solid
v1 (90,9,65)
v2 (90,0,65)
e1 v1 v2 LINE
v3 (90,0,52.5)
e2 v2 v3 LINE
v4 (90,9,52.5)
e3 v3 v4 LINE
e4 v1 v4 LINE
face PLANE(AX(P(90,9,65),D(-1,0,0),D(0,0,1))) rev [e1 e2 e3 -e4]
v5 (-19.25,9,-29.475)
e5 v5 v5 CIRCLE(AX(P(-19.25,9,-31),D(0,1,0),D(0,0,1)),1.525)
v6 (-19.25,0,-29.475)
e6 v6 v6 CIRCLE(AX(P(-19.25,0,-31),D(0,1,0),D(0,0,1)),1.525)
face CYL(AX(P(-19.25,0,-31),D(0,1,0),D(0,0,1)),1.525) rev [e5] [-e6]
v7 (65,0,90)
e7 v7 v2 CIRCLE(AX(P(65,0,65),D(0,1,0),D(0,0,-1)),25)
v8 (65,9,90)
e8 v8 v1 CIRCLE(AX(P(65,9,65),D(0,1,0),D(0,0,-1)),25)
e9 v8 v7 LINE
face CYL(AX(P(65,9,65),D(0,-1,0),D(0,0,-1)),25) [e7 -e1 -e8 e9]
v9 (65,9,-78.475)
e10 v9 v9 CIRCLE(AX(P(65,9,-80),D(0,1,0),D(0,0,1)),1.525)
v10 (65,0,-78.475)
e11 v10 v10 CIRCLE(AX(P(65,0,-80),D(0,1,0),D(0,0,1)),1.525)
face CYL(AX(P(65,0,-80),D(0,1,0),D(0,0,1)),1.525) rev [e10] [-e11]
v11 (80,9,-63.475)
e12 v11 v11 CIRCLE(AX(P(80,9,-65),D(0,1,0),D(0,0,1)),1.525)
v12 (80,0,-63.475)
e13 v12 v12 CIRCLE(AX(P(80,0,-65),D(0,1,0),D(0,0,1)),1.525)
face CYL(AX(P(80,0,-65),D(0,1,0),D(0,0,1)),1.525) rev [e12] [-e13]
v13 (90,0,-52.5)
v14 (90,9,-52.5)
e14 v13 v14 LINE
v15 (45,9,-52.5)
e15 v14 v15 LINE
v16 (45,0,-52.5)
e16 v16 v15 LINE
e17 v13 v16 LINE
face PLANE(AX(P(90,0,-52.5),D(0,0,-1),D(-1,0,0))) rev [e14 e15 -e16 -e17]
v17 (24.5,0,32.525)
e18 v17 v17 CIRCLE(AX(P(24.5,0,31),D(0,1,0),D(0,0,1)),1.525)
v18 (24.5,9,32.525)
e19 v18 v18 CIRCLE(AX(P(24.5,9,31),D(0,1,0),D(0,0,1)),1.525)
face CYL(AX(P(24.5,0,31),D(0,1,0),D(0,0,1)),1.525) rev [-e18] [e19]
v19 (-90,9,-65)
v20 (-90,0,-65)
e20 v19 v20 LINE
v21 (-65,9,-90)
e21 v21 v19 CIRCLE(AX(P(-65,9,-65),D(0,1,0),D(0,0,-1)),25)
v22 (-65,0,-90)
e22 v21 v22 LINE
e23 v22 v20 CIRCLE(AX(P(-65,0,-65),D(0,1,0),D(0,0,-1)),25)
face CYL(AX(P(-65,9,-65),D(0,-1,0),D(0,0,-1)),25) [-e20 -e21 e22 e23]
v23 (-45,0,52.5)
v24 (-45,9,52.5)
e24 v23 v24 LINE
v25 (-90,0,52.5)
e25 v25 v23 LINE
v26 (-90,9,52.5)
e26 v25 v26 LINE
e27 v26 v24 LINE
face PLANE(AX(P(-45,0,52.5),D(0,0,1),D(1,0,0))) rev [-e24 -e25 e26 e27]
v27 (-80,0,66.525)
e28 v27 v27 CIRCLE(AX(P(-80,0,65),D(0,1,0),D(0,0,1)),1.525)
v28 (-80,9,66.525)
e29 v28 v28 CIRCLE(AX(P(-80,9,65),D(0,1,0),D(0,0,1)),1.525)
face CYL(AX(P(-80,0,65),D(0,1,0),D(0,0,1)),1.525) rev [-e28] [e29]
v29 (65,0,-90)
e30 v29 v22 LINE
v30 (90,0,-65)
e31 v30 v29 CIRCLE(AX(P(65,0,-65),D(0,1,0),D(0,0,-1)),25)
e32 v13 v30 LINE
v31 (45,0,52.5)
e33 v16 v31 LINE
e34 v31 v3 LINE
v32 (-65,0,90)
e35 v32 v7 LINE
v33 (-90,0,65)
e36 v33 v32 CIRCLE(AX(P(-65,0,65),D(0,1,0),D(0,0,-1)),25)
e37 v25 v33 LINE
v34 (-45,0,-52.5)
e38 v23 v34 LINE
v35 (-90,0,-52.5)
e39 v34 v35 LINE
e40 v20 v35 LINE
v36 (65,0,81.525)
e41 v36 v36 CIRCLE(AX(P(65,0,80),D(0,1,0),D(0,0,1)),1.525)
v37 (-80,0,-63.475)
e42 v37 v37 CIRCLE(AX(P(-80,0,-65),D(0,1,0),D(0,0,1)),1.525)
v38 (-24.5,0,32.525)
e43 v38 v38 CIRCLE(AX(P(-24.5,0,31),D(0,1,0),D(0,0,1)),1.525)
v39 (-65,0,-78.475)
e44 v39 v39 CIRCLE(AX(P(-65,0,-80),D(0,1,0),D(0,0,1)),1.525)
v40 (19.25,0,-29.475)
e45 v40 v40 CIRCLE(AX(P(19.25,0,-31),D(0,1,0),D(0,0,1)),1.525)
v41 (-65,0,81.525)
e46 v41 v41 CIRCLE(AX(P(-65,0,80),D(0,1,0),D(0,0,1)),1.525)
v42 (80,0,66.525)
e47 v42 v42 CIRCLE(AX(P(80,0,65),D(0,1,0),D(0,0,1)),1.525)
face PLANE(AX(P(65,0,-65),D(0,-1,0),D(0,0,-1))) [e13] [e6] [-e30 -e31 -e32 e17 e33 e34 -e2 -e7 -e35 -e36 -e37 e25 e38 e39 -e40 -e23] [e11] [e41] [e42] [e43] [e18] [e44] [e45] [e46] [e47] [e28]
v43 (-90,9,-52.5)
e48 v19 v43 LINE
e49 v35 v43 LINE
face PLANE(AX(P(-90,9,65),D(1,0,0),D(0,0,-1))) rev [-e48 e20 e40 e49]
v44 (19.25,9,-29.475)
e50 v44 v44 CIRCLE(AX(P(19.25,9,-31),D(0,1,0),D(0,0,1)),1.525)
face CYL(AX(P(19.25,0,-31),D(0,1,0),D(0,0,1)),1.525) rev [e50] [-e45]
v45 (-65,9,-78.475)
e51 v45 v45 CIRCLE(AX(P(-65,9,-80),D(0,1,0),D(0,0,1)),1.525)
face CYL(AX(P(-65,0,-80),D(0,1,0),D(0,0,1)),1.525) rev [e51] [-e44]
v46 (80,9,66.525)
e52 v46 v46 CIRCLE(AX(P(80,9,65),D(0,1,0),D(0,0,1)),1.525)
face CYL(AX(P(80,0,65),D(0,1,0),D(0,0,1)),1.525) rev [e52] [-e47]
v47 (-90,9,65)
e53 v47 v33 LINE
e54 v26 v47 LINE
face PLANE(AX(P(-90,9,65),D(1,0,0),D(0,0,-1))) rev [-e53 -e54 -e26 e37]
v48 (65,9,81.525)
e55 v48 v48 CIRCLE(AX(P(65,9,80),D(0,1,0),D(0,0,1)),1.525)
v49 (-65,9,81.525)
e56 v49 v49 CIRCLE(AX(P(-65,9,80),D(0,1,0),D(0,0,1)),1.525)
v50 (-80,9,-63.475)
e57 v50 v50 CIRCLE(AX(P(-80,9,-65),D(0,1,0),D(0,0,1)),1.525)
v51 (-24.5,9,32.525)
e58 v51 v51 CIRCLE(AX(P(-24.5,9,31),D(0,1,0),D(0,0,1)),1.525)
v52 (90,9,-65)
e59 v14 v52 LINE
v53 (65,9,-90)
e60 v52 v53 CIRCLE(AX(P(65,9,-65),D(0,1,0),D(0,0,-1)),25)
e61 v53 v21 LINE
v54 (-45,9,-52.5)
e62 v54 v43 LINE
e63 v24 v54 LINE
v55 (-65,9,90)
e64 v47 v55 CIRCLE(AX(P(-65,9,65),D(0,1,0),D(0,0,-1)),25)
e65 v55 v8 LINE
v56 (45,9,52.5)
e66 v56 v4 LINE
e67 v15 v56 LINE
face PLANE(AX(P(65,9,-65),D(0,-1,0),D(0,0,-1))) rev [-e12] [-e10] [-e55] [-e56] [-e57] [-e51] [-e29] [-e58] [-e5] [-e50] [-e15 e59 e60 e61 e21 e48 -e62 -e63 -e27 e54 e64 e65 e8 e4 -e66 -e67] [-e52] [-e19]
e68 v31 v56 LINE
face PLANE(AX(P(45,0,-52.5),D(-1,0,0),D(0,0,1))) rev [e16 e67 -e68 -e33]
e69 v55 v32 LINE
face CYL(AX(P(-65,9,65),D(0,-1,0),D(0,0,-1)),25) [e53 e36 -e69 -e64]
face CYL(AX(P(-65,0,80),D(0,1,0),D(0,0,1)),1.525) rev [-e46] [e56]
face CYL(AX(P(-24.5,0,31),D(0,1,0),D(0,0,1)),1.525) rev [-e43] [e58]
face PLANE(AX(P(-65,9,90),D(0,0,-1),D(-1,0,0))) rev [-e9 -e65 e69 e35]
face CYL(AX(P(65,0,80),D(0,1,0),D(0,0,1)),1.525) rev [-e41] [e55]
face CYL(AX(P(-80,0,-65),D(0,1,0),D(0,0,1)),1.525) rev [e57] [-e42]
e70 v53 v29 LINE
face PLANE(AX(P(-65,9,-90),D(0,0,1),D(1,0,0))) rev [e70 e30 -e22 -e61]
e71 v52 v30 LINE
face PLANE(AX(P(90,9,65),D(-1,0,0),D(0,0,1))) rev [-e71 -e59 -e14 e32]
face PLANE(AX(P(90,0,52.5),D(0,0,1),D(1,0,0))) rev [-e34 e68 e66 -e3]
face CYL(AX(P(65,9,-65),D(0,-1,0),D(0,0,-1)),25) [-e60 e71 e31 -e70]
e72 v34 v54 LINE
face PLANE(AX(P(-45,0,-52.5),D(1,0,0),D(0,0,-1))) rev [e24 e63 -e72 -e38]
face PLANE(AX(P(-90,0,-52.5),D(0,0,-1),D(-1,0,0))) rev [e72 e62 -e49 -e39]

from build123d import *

# Parameters (mm, degrees)
PLATE_DEPTH         = 9
SKETCH3_R           = 1.525
HEX_HOLES_DEPTH     = 128.597021909
SKETCH4_R           = 1.525
ARDUINO_HOLES_DEPTH = 128.597021909
SKETCH5_W           = 45
SKETCH5_H           = 105
CUT_EXTRUDE1_DEPTH  = 128.597021909


with BuildPart() as part:
    # Sketch1 → Plate (new body)
    with BuildSketch(Plane(origin=(0, 0, 0), x_dir=(1, 0, 0), z_dir=(0, 1, 0))):
        with BuildLine():
            Line((-65, -90), (65, -90))
            ThreePointArc((65, -90), (82.67766953, -82.67766953), (90, -65))
            Line((90, -65), (90, 65))
            ThreePointArc((90, 65), (82.67766953, 82.67766953), (65, 90))
            Line((65, 90), (-65, 90))
            ThreePointArc((-65, 90), (-82.67766953, 82.67766953), (-90, 65))
            Line((-90, 65), (-90, -65))
            ThreePointArc((-90, -65), (-82.67766953, -82.67766953), (-65, -90))
        make_face()
    extrude(amount=PLATE_DEPTH)

    # Sketch3 → Hex Holes (cut, through all)
    with BuildSketch(Plane(origin=(0, 9, 0), x_dir=(1, 0, 0), z_dir=(0, 1, 0))):
        with Locations(Location((-65, 80, 0), (0, 0, 270))):
            Circle(SKETCH3_R)
        with Locations(Location((-80, 65, 0), (0, 0, 270))):
            Circle(SKETCH3_R)
        with Locations(Location((80, 65, 0), (0, 0, 270))):
            Circle(SKETCH3_R)
        with Locations(Location((80, -65, 0), (0, 0, 270))):
            Circle(SKETCH3_R)
        with Locations(Location((65, 80, 0), (0, 0, 270))):
            Circle(SKETCH3_R)
        with Locations(Location((65, -80, 0), (0, 0, 270))):
            Circle(SKETCH3_R)
        with Locations(Location((-65, -80, 0), (0, 0, 270))):
            Circle(SKETCH3_R)
        with Locations(Location((-80, -65, 0), (0, 0, 270))):
            Circle(SKETCH3_R)
    extrude(amount=-HEX_HOLES_DEPTH, mode=Mode.SUBTRACT)

    # Sketch4 → Arduino Holes (cut, through all)
    with BuildSketch(Plane(origin=(0, 9, 0), x_dir=(1, 0, 0), z_dir=(0, 1, 0))):
        with Locations(Location((-24.5, -31, 0), (0, 0, 270))):
            Circle(SKETCH4_R)
        with Locations(Location((24.5, -31, 0), (0, 0, 270))):
            Circle(SKETCH4_R)
        with Locations(Location((-19.25, 31, 0), (0, 0, 270))):
            Circle(SKETCH4_R)
        with Locations(Location((19.25, 31, 0), (0, 0, 270))):
            Circle(SKETCH4_R)
    extrude(amount=-ARDUINO_HOLES_DEPTH, mode=Mode.SUBTRACT)

    # Sketch5 → Cut-Extrude1 (cut, through all)
    with BuildSketch(Plane(origin=(0, 9, 0), x_dir=(1, 0, 0), z_dir=(0, 1, 0))):
        with Locations((-67.5, 0)):
            Rectangle(SKETCH5_W, SKETCH5_H)
        with Locations((67.5, 0)):
            Rectangle(SKETCH5_W, SKETCH5_H)
    extrude(amount=-CUT_EXTRUDE1_DEPTH, mode=Mode.SUBTRACT)


solid = part.part
